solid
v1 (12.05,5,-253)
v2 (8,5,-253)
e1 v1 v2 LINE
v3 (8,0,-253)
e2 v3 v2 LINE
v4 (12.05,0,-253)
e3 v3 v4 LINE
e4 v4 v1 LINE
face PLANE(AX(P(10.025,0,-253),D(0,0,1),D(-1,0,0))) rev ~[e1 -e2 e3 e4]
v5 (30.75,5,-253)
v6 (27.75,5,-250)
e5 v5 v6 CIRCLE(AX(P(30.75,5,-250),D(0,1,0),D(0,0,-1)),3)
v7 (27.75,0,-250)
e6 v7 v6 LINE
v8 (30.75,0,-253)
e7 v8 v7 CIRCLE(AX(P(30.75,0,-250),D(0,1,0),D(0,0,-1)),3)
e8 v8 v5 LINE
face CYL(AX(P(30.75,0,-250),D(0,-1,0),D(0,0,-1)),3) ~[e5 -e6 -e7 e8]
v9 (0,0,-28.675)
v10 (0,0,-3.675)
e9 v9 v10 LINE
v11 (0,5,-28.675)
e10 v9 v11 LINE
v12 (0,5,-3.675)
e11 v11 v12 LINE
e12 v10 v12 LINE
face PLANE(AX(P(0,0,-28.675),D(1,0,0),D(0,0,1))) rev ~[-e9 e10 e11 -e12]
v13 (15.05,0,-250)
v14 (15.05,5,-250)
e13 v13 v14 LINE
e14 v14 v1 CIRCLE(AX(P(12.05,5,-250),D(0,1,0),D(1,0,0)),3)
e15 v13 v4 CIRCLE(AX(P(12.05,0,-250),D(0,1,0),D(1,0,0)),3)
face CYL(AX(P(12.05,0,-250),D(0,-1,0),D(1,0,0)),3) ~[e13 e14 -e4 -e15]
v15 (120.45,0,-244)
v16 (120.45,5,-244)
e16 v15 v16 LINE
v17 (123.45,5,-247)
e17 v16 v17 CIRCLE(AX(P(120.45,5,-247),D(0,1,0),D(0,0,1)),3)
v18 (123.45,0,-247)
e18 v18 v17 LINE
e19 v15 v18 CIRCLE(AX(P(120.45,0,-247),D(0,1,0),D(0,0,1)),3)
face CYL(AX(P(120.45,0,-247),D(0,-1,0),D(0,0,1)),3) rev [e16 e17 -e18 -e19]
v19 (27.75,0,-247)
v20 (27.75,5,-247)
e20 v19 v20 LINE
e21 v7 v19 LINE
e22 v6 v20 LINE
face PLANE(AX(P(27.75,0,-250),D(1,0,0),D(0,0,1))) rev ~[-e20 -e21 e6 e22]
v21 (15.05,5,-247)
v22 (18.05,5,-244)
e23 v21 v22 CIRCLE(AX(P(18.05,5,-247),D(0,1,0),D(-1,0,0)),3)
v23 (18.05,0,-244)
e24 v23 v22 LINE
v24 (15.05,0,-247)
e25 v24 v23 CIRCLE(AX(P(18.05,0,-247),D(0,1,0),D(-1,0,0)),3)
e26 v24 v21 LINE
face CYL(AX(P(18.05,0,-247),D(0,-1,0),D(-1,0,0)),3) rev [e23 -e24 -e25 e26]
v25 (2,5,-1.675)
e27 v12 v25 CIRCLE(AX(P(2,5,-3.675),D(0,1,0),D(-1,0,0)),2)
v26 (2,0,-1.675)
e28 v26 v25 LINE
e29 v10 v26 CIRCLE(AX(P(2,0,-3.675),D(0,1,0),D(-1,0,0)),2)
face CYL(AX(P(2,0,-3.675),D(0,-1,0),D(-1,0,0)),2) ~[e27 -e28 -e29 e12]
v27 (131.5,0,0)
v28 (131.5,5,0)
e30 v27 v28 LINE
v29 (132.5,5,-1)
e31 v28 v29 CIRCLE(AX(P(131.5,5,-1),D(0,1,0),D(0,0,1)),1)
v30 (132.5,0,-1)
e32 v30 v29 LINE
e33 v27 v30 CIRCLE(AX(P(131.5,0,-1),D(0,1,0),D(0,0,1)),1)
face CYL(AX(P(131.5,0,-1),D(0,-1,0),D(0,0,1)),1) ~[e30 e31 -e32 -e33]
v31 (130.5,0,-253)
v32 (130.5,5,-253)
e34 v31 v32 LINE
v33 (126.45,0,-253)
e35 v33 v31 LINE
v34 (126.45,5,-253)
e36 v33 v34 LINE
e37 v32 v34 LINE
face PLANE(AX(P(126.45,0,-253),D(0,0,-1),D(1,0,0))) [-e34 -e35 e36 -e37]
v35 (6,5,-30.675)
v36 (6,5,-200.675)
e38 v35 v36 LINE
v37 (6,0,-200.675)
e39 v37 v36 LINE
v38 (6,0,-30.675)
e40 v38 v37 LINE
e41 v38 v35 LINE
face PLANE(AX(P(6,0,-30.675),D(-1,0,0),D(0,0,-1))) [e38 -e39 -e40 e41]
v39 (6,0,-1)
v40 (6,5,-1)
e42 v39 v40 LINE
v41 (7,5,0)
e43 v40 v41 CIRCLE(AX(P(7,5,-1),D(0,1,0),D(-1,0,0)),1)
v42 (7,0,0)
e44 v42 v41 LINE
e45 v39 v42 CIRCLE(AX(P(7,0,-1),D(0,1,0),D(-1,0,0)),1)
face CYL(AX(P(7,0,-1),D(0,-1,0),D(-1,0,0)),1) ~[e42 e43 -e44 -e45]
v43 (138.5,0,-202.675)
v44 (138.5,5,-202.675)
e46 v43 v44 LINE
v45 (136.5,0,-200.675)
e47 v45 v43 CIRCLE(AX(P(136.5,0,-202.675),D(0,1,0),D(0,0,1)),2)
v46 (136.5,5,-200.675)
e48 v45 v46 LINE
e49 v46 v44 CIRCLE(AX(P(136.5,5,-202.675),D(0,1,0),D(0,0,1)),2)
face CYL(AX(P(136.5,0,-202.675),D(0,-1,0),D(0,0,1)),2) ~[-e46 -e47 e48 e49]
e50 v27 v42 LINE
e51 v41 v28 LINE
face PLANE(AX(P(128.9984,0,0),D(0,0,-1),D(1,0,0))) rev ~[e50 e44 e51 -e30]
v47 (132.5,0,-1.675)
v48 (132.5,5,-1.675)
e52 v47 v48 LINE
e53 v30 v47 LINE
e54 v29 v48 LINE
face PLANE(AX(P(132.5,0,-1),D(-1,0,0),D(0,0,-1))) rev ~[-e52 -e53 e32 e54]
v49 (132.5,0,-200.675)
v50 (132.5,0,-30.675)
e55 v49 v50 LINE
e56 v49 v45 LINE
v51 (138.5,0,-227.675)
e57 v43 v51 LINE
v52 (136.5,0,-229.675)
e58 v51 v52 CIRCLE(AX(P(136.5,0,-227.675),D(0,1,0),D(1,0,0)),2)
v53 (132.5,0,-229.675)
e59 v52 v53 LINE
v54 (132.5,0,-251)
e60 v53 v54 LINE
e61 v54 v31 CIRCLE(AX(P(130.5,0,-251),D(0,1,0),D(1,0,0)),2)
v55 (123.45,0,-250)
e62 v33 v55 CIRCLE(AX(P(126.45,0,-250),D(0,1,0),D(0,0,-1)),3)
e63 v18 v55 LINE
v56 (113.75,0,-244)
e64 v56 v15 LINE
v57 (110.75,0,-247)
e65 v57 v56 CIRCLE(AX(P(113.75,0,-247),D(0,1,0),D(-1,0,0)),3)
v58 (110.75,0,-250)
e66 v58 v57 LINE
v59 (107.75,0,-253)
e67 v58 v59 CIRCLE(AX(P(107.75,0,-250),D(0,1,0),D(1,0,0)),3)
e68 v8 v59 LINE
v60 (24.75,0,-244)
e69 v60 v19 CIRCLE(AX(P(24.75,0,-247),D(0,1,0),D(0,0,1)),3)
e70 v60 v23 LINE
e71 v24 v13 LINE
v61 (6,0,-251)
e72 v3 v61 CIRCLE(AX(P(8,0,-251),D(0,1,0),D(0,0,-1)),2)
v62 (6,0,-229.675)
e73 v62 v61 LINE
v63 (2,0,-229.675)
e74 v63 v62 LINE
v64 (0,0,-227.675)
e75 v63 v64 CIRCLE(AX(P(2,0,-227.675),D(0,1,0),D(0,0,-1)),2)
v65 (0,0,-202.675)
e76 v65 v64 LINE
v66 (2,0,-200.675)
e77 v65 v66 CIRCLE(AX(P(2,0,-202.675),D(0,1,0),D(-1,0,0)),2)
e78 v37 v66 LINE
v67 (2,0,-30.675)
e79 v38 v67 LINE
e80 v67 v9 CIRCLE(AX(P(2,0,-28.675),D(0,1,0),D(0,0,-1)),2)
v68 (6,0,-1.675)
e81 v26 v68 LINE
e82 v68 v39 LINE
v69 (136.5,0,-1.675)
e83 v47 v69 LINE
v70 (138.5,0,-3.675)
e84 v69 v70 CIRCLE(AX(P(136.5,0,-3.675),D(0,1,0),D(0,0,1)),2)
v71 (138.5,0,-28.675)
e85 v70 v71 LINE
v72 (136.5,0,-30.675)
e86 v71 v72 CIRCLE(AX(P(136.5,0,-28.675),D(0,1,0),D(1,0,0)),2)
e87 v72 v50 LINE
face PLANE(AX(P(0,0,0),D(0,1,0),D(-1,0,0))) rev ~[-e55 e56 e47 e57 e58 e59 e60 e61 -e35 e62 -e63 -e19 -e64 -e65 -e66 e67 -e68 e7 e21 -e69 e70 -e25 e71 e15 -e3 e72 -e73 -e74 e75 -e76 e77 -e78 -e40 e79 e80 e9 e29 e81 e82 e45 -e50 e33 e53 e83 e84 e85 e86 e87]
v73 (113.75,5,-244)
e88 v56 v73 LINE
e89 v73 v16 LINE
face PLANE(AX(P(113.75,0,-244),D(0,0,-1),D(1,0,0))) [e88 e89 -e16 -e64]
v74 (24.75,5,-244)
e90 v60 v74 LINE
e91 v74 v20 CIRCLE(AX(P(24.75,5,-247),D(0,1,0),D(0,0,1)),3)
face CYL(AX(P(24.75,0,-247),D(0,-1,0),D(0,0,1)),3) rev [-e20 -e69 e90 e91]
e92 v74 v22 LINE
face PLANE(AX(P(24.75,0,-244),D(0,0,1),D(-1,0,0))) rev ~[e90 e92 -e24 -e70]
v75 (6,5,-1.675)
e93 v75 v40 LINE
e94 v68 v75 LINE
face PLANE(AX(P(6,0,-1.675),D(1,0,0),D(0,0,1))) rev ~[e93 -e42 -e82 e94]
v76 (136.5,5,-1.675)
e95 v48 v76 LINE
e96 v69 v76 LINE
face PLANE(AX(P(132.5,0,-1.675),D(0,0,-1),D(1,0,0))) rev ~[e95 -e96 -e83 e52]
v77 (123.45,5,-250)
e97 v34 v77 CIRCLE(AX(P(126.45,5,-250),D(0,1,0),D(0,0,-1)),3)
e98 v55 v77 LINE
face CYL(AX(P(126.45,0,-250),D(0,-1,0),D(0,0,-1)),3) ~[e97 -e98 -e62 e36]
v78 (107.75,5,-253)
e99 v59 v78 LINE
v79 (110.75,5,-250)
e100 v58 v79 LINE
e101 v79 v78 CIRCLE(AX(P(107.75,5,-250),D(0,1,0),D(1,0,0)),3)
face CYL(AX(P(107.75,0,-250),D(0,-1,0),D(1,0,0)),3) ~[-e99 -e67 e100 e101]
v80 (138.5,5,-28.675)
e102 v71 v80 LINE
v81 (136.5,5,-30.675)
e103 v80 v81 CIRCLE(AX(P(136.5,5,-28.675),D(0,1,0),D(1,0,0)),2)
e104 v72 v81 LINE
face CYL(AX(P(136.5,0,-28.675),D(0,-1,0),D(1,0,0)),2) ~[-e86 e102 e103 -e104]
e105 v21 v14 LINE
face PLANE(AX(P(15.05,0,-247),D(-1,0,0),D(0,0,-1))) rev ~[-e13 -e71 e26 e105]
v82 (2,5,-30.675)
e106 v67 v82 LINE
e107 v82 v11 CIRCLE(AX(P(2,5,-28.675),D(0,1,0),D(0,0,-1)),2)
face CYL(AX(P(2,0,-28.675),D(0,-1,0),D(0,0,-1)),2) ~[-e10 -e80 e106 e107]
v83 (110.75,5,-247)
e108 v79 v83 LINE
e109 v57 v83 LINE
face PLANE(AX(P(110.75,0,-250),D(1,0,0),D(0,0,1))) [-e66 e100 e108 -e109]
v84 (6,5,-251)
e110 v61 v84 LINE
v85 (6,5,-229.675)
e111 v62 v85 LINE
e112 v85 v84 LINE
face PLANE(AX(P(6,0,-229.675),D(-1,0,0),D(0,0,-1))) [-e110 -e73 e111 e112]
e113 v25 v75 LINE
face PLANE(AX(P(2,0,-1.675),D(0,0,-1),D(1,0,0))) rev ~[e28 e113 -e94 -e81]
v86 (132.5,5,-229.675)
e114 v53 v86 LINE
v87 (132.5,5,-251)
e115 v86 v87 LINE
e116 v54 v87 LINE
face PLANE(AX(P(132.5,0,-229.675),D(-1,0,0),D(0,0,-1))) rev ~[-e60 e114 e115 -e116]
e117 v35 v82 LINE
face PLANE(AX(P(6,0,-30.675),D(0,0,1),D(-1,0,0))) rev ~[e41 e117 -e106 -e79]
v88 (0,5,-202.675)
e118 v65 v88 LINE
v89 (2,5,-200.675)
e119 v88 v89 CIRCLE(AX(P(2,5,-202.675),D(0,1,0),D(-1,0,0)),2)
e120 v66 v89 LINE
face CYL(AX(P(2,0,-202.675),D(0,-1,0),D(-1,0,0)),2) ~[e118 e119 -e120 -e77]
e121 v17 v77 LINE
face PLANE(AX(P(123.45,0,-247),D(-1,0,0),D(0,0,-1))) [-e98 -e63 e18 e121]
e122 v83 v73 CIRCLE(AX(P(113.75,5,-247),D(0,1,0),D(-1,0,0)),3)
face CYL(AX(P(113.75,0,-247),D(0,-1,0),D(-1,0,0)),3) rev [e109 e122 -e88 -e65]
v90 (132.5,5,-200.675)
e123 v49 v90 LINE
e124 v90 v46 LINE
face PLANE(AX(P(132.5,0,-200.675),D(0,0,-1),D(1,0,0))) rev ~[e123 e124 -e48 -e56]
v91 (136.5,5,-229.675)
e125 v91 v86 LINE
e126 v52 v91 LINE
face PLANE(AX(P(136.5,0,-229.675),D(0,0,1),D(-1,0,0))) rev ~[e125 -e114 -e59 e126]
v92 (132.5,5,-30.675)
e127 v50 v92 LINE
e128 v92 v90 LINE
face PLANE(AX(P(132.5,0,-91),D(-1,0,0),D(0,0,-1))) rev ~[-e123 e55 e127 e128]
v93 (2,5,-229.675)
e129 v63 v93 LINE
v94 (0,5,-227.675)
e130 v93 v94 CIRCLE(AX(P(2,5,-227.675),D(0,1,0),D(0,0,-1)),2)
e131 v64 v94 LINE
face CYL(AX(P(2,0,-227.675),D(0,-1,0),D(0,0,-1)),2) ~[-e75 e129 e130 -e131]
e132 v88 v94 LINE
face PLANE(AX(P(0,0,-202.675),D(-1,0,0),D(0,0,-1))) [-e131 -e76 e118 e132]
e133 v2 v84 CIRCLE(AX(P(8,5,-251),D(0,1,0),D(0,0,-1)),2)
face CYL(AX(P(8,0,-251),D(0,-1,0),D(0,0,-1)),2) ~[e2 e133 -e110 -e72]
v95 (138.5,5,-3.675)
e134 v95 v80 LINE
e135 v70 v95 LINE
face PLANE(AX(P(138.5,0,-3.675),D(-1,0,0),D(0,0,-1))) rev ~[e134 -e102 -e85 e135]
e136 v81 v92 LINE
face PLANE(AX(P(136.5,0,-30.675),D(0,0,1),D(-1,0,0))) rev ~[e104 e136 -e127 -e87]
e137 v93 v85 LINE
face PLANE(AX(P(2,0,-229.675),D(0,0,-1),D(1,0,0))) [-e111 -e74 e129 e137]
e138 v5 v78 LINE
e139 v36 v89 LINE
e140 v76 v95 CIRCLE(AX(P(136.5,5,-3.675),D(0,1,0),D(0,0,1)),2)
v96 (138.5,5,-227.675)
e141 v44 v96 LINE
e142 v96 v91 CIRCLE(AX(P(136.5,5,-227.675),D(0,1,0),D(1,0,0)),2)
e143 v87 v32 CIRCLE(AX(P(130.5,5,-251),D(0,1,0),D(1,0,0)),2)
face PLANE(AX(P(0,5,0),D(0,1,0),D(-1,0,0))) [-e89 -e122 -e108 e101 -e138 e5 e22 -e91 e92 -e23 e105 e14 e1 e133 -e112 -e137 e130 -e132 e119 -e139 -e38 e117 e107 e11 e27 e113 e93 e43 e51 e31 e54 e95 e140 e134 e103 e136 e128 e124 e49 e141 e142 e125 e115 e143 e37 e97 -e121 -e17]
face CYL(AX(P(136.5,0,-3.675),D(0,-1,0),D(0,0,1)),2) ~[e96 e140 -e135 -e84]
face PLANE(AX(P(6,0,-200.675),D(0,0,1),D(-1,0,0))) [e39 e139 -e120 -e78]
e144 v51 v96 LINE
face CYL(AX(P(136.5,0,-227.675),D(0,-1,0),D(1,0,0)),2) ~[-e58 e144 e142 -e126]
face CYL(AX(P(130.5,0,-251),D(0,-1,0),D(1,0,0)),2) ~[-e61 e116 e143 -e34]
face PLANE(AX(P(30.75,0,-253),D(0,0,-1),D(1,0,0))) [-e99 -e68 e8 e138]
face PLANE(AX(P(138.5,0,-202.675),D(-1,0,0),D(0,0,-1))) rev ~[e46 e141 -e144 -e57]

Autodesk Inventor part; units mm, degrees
ref_plane "YZ Plane" through (0, 0, 0) normal (1, 0, 0) x (0, 1, 0)
ref_plane "XZ Plane" through (0, 0, 0) normal (0, 1, 0) x (-1, 0, 0)
ref_plane "XY Plane" through (0, 0, 0) normal (0, 0, 1) x (1, 0, 0)
sketch "Sketch1" plane through (0, 0, 0) normal (0, 1, 0) x (-1, 0, 0)
  line L0 (-2, -229.675) -> (-6, -229.675)
  line L1 (-6, -200.675) -> (-2, -200.675)
  line L2 (0, -202.675) -> (0, -227.675)
  line L3 (-6, -30.675) -> (-2, -30.675)
  line L4 (0, -28.675) -> (0, -3.675)
  line L5 (-2, -1.675) -> (-6, -1.675)
  arc A0 (0, -3.675) -> (-2, -1.675) centre (-2, -3.675) ccw
  arc A1 (-2, -30.675) -> (0, -28.675) centre (-2, -28.675) ccw
  arc A2 (0, -202.675) -> (-2, -200.675) centre (-2, -202.675) ccw
  arc A3 (-2, -229.675) -> (0, -227.675) centre (-2, -227.675) ccw
  line L6 (-136.5, -229.675) -> (-132.5, -229.675)
  line L7 (-132.5, -200.675) -> (-136.5, -200.675)
  line L8 (-138.5, -202.675) -> (-138.5, -227.675)
  line L9 (-136.5, -30.675) -> (-132.5, -30.675)
  line L10 (-132.5, -1.675) -> (-136.5, -1.675)
  line L11 (-138.5, -3.675) -> (-138.5, -28.675)
  arc A4 (-136.5, -1.675) -> (-138.5, -3.675) centre (-136.5, -3.675) ccw
  arc A5 (-138.5, -28.675) -> (-136.5, -30.675) centre (-136.5, -28.675) ccw
  arc A6 (-136.5, -200.675) -> (-138.5, -202.675) centre (-136.5, -202.675) ccw
  arc A7 (-138.5, -227.675) -> (-136.5, -229.675) centre (-136.5, -227.675) ccw
  line L12 (-27.75, -250) -> (-27.75, -247)
  line L13 (-110.75, -250) -> (-110.75, -247)
  line L14 (-30.75, -253) -> (-107.75, -253)
  line L15 (0, -215.175) -> (-138.5, -215.175) construction
  line L16 (-113.75, -244) -> (-120.45, -244)
  line L17 (-123.45, -247) -> (-123.45, -250)
  line L18 (-126.45, -253) -> (-127.7679, -253)
  line L19 (-24.75, -244) -> (-18.05, -244)
  line L20 (-15.05, -247) -> (-15.05, -250)
  line L21 (-12.05, -253) -> (-8, -253)
  arc A8 (-15.05, -250) -> (-12.05, -253) centre (-12.05, -250) ccw
  arc A9 (-15.05, -247) -> (-18.05, -244) centre (-18.05, -247) ccw
  arc A10 (-24.75, -244) -> (-27.75, -247) centre (-24.75, -247) ccw
  arc A11 (-30.75, -253) -> (-27.75, -250) centre (-30.75, -250) ccw
  arc A12 (-110.75, -250) -> (-107.75, -253) centre (-107.75, -250) ccw
  arc A13 (-110.75, -247) -> (-113.75, -244) centre (-113.75, -247) ccw
  arc A14 (-120.45, -244) -> (-123.45, -247) centre (-120.45, -247) ccw
  arc A15 (-126.45, -253) -> (-123.45, -250) centre (-126.45, -250) ccw
  line L22 (-7.5, 0) -> (-128.9984, 0)
  line L23 (-6, -229.675) -> (-6, -251)
  line L24 (-6, -30.675) -> (-6, -200.675)
  line L25 (-132.5, -30.675) -> (-132.5, -200.675)
  line L26 (-132.5, -229.675) -> (-132.5, -91)
  line L27 (-128.9984, 0) -> (-131.5, 0)
  line L28 (-132.5, -1) -> (-132.5, -1.675)
  arc A16 (-131.5, 0) -> (-132.5, -1) centre (-131.5, -1) ccw
  line L29 (-6, -1.675) -> (-6, -1)
  line L30 (-6, 0) -> (-6, 0)
  line L31 (-7, 0) -> (-7.5, 0)
  arc A17 (-6, -1) -> (-7, 0) centre (-7, -1) ccw
  line L32 (-132.5, -91) -> (-132.5, -251)
  line L33 (-130.5, -253) -> (-127.109, -253)
  arc A18 (-132.5, -251) -> (-130.5, -253) centre (-130.5, -251) ccw
  line L34 (-4.5, -253) -> (-10.025, -253)
  arc A19 (-8, -253) -> (-6, -251) centre (-8, -251) ccw
  point P0 (0, 0)
  point P1 (0, -229.675)
  point P2 (-4, -229.675)
  point P3 (-138.5, -200.675)
  point P4 (-138.5, -30.675)
  point P5 (-134.5, -229.675)
  point P6 (-132.5, -253)
  point P7 (-27.75, -253)
  point P8 (-27.75, -244)
  point P9 (-110.75, -253)
  point P10 (-110.75, -244)
  point P11 (-69.25, -253)
  point P12 (-69.25, -215.175)
  point P13 (-123.45, -244)
  point P14 (-15.05, -244)
  point P15 (-6.4873, -253)
  point P16 (-6, -91.775)
  point P17 (-4, -1.675)
  point P18 (-134.5, -1.675)
  point P19 (0, -16.175)
  point P20 (-6, -240.3375)
  point P21 (-6, -115.675)
  point P22 (-132.5, -160.3375)
  point P23 (-132.5, -115.675)
  point P24 (-138.5, -16.175)
  point P25 (-132.5, -1.3375)
  point P26 (-134.5, -30.675)
  point P27 (-4, -30.675)
  point P28 (-4, -200.675)
  point P29 (-134.5, -200.675)
  dimension "d3" = 6
  dimension "d8" = 2
  dimension "d11" = 2
  dimension "d12" = 2
  dimension "d13" = 9
  dimension "d14" = 83
  dimension "d15" = 12.7
  dimension "d16" = 12.7
  dimension "d18" = 3
  dimension "d19" = 3
  dimension "d24" = 6
  dimension "d25" = 1
  dimension "d26" = 1
  dimension "d29" = 29
  dimension "d30" = 23.325
  dimension "d31" = 2
  dimension "d34" = 2
  dimension "d35" = 126.5
  dimension "d36" = 244
  dimension "d37" = 29
  dimension "d38" = 1.675
extrude "Extrusion1" add sketch "Sketch1" along normal blind 5
equation "\"d19\" = d18"
equation "\"d24\" = d3"
equation "\"d25\" = d26"
equation "\"d31\" = d17"
equation "\"d37\" = d29"
equation "\"d17\" = 2"
properties part number "back_wall"
